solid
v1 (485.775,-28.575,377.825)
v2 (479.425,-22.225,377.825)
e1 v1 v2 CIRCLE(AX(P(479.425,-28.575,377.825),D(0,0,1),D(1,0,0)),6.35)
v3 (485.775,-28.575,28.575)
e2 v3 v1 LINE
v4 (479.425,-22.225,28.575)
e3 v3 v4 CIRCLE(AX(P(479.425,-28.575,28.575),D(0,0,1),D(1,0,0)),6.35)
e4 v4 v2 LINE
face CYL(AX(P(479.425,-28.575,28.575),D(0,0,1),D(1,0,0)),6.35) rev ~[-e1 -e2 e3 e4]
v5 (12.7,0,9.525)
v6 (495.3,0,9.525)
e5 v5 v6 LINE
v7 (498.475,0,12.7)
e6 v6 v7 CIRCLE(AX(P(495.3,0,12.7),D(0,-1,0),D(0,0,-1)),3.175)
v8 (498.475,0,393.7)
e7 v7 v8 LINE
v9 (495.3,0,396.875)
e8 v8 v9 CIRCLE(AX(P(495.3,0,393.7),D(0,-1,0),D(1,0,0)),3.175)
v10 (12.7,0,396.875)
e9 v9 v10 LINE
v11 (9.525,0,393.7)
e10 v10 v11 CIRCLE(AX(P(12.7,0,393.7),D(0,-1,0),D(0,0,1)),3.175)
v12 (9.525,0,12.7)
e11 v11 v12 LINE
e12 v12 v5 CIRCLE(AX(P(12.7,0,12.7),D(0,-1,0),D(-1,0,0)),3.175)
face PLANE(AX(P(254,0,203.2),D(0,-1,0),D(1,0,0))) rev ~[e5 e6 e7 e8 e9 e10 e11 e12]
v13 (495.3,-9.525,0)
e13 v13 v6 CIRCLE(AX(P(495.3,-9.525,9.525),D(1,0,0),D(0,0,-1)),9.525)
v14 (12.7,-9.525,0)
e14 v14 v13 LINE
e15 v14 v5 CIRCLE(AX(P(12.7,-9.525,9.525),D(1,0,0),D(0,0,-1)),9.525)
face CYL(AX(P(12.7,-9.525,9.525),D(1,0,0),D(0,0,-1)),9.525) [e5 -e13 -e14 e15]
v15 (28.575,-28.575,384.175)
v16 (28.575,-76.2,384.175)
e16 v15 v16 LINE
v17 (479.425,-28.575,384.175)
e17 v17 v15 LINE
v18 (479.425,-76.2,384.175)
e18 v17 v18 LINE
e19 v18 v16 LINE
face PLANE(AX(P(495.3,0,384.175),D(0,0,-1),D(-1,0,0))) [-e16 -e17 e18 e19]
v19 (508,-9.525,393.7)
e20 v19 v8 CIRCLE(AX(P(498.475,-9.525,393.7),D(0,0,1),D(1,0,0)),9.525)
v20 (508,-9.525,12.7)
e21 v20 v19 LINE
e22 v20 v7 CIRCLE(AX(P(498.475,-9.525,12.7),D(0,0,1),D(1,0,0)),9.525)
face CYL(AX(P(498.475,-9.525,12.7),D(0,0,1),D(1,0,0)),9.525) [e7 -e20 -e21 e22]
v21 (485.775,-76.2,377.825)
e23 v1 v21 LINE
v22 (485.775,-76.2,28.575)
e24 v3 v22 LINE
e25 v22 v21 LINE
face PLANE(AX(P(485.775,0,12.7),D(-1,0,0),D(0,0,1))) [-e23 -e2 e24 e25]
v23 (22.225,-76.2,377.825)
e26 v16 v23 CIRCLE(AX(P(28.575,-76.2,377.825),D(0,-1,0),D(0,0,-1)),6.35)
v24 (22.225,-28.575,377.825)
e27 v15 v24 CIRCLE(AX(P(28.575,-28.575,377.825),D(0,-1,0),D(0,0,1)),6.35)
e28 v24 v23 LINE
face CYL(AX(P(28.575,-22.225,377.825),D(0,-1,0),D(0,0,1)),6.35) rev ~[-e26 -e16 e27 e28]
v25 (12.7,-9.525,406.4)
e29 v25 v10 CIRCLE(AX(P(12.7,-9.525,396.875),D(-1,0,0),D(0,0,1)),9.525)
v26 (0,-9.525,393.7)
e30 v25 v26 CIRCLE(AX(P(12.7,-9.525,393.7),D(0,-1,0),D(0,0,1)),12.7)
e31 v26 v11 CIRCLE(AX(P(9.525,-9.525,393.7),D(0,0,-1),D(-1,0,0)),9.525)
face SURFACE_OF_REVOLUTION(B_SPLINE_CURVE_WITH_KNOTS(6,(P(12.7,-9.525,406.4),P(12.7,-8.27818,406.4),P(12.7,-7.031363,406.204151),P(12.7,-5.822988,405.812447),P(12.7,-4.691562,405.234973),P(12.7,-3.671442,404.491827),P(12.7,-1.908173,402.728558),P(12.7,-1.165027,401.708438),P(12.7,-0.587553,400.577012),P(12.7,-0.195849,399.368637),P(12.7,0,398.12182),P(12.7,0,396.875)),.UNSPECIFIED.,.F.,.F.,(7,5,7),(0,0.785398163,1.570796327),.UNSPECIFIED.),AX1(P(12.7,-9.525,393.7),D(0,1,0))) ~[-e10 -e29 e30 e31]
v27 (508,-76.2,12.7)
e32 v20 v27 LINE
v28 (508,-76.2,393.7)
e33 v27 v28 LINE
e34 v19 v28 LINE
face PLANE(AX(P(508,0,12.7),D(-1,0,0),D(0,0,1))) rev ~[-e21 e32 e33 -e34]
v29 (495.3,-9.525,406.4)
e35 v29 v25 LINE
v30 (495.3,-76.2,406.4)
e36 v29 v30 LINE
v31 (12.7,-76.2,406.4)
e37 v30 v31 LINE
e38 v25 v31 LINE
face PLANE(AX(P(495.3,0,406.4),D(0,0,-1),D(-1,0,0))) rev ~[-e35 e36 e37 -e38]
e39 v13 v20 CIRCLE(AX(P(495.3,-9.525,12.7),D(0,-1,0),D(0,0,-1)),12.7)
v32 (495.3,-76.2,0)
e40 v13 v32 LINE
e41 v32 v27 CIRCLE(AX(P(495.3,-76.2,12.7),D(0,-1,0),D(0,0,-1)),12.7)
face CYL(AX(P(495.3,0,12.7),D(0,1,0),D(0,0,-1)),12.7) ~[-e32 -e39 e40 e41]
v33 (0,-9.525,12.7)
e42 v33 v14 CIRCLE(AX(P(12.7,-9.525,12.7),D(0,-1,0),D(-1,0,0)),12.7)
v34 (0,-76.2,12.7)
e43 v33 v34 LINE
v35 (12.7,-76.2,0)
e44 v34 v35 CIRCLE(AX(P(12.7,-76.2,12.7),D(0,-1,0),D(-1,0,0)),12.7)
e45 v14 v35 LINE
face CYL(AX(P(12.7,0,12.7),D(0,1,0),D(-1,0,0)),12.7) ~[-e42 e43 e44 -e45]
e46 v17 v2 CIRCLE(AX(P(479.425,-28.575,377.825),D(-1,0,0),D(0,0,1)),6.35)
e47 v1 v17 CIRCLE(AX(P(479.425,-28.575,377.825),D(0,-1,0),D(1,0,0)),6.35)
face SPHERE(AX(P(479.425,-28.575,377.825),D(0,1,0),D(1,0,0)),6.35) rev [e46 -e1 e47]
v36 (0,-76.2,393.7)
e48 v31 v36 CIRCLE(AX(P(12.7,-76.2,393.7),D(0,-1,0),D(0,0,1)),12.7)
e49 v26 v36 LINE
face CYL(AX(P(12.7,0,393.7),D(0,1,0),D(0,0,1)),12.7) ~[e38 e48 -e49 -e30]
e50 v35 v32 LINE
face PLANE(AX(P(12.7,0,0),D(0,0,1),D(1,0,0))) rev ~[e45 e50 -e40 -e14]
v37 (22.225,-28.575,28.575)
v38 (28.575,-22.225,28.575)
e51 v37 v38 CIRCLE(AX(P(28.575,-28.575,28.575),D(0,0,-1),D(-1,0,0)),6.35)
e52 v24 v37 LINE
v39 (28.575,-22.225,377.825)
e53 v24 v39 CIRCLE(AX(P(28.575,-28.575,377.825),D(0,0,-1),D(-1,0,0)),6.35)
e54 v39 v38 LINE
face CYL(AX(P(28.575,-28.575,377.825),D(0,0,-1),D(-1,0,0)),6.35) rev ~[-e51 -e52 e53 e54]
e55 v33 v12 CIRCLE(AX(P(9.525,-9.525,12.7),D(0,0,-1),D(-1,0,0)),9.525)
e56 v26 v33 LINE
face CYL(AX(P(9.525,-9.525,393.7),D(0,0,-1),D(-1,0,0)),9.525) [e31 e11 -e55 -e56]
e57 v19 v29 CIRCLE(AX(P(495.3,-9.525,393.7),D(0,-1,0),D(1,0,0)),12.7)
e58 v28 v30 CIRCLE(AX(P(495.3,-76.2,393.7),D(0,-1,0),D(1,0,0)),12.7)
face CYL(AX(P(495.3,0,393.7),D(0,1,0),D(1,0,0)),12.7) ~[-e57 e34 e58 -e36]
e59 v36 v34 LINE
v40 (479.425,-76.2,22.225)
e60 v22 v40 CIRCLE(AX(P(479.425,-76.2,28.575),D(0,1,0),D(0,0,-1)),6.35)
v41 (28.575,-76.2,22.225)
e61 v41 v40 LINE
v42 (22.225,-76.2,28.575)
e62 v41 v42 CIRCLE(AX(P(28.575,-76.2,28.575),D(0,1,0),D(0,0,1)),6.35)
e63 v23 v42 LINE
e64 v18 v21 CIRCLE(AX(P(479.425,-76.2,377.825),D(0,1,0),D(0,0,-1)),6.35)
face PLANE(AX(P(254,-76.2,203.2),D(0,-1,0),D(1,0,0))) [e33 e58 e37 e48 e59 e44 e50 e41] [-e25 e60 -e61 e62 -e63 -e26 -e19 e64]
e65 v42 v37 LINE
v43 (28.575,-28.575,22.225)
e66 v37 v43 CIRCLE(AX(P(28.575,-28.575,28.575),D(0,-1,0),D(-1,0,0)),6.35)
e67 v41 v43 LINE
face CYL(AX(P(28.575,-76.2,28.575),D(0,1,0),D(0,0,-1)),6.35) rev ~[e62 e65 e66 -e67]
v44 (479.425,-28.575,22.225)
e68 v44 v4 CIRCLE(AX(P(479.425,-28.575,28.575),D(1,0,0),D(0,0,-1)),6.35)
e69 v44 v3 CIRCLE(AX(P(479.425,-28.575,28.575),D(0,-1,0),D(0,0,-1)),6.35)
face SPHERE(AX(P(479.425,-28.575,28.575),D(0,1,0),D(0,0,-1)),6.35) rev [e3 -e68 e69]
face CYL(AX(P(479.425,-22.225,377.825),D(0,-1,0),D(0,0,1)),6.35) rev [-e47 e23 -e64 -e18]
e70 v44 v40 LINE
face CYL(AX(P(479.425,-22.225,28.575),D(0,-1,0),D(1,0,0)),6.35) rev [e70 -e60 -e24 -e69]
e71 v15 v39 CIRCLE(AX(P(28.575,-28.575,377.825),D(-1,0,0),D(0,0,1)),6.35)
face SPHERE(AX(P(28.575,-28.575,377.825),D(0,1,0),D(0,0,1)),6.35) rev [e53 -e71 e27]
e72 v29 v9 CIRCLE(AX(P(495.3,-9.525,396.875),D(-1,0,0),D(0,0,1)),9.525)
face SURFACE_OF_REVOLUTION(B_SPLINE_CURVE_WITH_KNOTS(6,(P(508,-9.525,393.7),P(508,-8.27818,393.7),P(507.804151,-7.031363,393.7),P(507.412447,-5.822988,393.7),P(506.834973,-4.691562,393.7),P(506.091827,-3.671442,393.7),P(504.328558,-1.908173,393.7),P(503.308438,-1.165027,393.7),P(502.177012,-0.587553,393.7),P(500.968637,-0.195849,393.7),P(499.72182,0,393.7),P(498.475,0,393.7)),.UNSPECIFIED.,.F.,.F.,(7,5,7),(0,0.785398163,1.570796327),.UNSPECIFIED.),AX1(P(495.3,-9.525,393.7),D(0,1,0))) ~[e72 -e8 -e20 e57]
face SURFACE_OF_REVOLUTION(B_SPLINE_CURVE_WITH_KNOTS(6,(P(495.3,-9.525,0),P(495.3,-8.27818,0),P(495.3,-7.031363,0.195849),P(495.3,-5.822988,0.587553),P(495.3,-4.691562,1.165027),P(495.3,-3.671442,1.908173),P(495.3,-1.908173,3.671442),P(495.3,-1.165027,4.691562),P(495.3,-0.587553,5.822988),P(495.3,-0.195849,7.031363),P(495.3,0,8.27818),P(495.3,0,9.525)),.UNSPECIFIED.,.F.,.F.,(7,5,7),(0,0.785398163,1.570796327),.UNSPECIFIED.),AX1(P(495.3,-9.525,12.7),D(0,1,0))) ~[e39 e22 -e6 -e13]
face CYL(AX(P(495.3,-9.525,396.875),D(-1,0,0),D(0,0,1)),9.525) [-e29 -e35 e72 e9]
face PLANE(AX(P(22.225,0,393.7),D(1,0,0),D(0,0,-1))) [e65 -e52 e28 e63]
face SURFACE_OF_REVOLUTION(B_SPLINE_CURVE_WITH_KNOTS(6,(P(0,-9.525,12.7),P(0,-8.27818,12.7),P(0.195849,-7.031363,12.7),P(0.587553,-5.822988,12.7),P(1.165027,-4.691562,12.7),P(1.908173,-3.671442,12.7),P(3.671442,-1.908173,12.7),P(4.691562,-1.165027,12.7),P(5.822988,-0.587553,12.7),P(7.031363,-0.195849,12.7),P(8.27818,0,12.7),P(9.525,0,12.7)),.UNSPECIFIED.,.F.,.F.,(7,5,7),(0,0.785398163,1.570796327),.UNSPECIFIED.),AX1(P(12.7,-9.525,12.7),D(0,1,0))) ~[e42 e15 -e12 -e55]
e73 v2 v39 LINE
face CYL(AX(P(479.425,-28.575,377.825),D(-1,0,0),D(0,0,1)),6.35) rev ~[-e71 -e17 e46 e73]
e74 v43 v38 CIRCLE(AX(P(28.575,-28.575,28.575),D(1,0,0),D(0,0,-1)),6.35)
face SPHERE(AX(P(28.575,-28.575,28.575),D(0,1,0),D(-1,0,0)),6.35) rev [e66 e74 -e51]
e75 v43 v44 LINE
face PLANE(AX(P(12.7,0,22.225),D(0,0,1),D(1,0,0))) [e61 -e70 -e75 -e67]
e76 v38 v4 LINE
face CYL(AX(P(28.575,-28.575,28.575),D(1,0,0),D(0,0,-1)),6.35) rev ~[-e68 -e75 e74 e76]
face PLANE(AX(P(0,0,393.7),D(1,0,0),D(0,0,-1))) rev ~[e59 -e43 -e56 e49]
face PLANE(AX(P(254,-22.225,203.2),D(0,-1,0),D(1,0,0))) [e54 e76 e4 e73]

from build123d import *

# Parameters (mm, degrees)
F1_DEPTH = 76.2
F2_T     = -22.225
F3_R     = 9.525
F4_R     = 6.35
F5_R     = 6.35


with BuildPart() as f1:
    # F0 (on Front) → F1 (new body)
    with BuildSketch(Plane.XZ):
        with BuildLine():
            ThreePointArc((0, 12.7), (3.7197438789, 3.7197438789), (12.7, 0))
            Line((12.7, 0), (495.3, 0))
            ThreePointArc((495.3, 0), (504.2802561211, 3.7197438789), (508, 12.7))
            Line((508, 12.7), (508, 393.7))
            ThreePointArc((508, 393.7), (504.2802561211, 402.6802561211), (495.3, 406.4))
            Line((495.3, 406.4), (12.7, 406.4))
            ThreePointArc((12.7, 406.4), (3.7197438789, 402.6802561211), (0, 393.7))
            Line((0, 393.7), (0, 12.7))
        make_face()
    extrude(amount=F1_DEPTH)

    # F2
    f2_openings = [f1.faces().sort_by_distance(p)[0] for p in [
        (254, -76.2, 203.2),
    ]]
    offset(amount=F2_T, openings=f2_openings)

    # F3
    f3_edges = [f1.edges().sort_by_distance(p)[0] for p in [
        (254, 0, 406.4),
    ]]
    fillet(f3_edges, radius=F3_R)

    # F4
    f4_edges = [f1.edges().sort_by_distance(p)[0] for p in [
        (22.225, -49.2125, 22.225),
        (485.775, -49.2125, 22.225),
        (485.775, -49.2125, 384.175),
        (22.225, -49.2125, 384.175),
    ]]
    fillet(f4_edges, radius=F4_R)

    # F5
    f5_edges = [f1.edges().sort_by_distance(p)[0] for p in [
        (22.225, -22.225, 203.2),
    ]]
    fillet(f5_edges, radius=F5_R)


solid = f1.part
